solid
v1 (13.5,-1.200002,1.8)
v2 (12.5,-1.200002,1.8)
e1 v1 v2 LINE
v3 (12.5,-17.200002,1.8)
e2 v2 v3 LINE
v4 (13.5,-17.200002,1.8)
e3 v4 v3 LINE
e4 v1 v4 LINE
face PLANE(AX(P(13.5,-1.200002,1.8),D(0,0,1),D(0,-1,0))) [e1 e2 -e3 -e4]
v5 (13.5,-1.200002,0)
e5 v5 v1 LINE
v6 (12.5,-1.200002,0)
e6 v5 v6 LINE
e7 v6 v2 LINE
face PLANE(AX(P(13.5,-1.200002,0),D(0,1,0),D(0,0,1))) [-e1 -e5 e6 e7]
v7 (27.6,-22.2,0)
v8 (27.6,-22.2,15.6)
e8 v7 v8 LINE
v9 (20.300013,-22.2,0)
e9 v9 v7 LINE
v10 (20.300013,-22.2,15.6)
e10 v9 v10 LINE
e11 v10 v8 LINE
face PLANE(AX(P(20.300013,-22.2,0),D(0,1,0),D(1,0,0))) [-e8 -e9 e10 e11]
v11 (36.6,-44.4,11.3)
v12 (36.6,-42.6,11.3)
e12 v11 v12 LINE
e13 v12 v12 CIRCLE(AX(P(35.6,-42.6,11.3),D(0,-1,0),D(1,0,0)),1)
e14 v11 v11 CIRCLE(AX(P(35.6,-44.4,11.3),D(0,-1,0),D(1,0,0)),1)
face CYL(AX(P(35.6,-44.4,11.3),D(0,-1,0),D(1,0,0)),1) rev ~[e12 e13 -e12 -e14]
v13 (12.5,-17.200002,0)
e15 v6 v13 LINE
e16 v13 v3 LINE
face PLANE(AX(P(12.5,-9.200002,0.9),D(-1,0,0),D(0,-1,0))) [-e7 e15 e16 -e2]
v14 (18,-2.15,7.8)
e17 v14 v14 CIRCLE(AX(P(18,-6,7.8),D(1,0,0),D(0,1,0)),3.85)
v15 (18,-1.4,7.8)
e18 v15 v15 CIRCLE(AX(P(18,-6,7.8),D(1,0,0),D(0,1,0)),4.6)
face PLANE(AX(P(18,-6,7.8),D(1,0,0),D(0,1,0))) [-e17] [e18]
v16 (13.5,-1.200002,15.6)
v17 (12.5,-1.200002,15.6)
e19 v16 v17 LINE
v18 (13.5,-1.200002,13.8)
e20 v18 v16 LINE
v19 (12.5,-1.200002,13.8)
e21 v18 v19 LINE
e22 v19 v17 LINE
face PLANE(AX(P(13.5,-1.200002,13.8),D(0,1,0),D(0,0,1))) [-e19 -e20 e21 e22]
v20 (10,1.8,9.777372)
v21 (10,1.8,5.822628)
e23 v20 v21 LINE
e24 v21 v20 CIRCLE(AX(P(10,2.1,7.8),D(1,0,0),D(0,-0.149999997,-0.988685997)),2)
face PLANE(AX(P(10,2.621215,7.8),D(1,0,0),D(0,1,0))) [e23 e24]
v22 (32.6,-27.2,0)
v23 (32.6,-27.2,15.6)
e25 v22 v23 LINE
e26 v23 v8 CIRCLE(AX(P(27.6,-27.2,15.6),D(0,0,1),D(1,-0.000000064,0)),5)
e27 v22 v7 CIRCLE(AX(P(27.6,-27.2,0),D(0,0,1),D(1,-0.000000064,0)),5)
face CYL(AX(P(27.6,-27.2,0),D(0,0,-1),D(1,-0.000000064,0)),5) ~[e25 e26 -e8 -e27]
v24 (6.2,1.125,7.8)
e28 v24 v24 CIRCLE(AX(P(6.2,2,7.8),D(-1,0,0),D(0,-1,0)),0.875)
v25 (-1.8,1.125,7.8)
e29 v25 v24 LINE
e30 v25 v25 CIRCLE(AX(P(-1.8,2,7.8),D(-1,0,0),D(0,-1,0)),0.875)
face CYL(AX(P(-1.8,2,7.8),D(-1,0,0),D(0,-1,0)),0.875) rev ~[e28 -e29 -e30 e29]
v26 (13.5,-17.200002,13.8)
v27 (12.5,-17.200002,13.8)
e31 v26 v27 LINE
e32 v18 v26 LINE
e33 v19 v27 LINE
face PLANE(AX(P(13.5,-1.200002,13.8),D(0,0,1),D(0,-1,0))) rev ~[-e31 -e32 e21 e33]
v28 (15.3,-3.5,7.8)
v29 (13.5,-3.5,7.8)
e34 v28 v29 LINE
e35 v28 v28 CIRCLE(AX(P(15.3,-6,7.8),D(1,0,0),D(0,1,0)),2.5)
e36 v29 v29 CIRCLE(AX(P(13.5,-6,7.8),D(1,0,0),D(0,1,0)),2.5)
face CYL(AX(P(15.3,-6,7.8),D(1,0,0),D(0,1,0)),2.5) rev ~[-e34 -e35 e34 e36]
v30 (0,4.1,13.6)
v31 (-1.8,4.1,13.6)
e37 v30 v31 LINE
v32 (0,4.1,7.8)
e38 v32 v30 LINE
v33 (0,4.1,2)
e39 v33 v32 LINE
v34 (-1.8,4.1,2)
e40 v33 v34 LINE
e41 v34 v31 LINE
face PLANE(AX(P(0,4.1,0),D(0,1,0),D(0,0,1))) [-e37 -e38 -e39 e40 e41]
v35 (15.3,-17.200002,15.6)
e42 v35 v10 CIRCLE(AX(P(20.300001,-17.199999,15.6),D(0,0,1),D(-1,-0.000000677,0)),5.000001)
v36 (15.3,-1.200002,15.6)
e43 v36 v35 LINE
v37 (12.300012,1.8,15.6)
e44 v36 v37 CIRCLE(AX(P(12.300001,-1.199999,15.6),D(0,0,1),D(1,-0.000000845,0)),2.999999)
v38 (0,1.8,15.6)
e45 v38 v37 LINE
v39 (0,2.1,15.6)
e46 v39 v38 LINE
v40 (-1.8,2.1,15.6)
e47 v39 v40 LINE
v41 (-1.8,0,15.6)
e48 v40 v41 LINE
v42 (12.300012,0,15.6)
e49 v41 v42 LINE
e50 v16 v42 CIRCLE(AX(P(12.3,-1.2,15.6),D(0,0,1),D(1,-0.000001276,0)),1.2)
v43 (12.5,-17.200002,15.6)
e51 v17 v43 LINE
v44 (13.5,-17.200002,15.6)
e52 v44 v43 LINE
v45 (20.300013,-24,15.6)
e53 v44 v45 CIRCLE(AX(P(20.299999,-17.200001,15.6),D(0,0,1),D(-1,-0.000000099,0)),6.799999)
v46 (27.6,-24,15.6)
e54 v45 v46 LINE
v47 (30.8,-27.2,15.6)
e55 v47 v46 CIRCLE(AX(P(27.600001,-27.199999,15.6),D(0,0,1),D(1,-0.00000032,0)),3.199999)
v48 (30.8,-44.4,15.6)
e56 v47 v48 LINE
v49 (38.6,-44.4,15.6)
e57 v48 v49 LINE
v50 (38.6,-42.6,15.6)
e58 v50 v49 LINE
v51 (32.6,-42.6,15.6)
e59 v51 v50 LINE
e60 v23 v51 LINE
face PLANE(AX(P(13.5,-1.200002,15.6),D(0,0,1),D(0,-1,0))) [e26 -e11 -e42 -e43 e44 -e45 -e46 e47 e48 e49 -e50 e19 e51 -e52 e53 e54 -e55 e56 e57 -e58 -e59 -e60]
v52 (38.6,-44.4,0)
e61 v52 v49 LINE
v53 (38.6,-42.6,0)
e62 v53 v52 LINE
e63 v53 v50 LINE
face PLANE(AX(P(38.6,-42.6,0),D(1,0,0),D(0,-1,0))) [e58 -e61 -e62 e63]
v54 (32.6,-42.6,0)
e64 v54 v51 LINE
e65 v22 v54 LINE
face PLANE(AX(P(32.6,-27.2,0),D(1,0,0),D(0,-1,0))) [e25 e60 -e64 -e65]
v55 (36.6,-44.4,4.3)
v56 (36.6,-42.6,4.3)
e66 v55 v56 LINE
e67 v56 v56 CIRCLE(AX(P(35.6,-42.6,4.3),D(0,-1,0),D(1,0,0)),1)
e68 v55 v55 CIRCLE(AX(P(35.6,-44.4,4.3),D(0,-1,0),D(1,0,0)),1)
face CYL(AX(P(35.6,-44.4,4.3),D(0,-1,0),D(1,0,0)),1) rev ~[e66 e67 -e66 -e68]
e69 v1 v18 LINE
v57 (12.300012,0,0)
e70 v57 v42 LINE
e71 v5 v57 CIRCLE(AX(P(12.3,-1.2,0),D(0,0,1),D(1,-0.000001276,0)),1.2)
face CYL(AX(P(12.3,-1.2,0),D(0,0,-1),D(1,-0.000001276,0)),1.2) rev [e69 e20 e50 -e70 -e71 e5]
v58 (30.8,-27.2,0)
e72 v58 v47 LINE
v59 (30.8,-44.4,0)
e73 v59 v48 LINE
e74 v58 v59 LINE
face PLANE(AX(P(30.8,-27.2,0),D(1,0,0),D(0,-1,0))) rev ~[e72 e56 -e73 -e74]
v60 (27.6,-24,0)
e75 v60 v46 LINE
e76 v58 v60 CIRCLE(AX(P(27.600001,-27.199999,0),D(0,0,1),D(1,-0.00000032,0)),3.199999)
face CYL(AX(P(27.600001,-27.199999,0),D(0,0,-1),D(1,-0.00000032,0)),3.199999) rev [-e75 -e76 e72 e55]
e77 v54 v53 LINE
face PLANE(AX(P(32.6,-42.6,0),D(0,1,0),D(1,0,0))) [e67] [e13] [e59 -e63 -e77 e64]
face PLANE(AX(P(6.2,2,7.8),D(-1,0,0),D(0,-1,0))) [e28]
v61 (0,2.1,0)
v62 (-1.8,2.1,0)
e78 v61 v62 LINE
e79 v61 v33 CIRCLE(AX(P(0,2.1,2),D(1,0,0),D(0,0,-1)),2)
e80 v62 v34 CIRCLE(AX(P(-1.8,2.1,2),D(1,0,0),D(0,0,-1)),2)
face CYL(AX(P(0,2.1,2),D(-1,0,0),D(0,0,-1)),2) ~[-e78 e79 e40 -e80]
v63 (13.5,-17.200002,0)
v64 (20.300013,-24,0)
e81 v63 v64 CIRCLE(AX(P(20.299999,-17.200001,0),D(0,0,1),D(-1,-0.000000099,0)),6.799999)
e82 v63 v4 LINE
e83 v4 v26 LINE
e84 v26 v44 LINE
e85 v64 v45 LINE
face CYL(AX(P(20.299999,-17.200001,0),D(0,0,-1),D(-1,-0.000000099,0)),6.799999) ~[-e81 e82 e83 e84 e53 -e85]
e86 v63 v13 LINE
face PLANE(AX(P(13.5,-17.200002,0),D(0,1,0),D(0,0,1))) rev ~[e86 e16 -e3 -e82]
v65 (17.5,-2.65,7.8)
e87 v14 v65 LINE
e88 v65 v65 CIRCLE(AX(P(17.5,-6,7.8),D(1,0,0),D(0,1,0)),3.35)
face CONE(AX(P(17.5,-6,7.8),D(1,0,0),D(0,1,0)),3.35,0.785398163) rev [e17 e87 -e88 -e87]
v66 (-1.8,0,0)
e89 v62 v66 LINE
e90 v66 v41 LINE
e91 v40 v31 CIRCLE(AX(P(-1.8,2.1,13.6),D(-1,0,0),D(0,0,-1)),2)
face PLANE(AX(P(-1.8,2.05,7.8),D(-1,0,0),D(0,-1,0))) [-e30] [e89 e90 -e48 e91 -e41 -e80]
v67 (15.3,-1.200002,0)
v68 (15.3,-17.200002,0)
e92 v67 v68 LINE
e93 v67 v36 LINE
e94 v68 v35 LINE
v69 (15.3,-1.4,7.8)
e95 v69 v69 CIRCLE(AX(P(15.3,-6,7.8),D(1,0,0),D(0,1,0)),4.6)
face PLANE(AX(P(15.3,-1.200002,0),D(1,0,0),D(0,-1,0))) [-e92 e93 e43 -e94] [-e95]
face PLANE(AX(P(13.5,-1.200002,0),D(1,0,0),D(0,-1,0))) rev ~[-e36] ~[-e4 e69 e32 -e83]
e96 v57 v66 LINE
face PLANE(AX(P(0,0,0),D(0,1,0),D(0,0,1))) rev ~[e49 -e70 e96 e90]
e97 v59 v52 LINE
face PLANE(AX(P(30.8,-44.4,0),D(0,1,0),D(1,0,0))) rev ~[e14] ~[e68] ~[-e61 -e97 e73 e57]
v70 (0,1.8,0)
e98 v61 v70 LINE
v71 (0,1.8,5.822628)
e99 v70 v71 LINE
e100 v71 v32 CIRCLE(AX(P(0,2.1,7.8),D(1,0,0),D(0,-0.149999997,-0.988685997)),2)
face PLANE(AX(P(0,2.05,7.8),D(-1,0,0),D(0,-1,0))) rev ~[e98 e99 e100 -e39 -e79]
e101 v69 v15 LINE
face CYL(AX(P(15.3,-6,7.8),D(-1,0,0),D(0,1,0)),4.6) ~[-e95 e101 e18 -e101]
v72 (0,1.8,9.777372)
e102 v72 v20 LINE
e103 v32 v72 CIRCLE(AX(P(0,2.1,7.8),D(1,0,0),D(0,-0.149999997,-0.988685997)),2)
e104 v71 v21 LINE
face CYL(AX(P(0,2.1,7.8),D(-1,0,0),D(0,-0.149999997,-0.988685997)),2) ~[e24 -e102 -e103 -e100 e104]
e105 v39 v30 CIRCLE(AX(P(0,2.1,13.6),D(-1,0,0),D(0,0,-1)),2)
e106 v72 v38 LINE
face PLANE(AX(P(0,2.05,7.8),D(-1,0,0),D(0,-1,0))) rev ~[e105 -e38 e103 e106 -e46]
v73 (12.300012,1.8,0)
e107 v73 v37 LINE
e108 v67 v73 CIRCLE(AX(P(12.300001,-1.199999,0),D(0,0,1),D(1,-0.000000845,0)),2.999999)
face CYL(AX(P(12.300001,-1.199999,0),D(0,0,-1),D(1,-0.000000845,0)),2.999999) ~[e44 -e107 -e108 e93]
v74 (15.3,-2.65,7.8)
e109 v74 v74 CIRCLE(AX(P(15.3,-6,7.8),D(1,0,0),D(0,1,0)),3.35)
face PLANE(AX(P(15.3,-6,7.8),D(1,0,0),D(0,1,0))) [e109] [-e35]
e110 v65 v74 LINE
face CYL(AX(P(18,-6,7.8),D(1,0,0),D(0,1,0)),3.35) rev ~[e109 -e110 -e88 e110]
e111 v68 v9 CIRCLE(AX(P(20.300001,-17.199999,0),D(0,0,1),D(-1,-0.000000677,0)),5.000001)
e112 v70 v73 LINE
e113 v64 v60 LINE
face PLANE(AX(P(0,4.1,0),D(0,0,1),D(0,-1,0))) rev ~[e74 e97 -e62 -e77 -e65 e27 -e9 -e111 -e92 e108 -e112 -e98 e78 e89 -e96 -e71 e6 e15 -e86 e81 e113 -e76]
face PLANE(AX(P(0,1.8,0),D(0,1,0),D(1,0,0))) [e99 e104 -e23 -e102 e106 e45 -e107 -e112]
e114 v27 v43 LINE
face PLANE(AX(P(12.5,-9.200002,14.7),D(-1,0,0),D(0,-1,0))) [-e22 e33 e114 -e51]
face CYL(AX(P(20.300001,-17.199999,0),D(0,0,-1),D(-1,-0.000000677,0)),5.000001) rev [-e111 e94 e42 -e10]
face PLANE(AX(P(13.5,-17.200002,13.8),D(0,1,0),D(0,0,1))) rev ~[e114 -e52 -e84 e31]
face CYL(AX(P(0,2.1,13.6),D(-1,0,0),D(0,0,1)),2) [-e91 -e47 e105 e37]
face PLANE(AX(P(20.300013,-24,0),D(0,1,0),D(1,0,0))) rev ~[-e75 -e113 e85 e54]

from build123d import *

# Parameters (mm, degrees)
PAD_DEPTH       = 15.6
SKETCH001_R     = 4.6
PAD001_DEPTH    = 2.7
SKETCH002_R     = 3.35
POCKET_DEPTH    = 2.7
SKETCH003_R     = 2.5
POCKET001_DEPTH = 15.301
SKETCH004_W     = 4.1
SKETCH004_H     = 15.6
PAD002_DEPTH    = 1.8
PAD003_DEPTH    = 10
SKETCH006_R     = 0.875
POCKET002_DEPTH = 8
SKETCH007_R     = 1
POCKET003_DEPTH = 48.501
FILLET_R        = 2
CHAMFER_SIZE    = 0.5
SKETCH008_W     = 16
SKETCH008_H     = 1.8
PAD004_DEPTH    = 1


with BuildPart() as part:
    # Sketch → Pad (new body)
    with BuildSketch(Plane.XY):
        with BuildLine():
            Line((0, 1.8), (0, 0))
            Line((0, 0), (12.300012, 0))
            ThreePointArc((13.5, -1.200002), (13.148533, -0.351477), (12.300012, 0))
            Line((13.5, -1.200002), (13.5, -17.200002))
            ThreePointArc((13.5, -17.200002), (15.491679, -22.008332), (20.300013, -24))
            Line((20.300013, -24), (27.6, -24))
            ThreePointArc((30.8, -27.2), (29.862742, -24.937258), (27.6, -24))
            Line((30.8, -27.2), (30.8, -44.4))
            Line((30.8, -44.4), (38.6, -44.4))
            Line((38.6, -42.6), (38.6, -44.4))
            Line((32.6, -42.6), (38.6, -42.6))
            Line((32.6, -27.2), (32.6, -42.6))
            ThreePointArc((32.6, -27.2), (31.135534, -23.664466), (27.6, -22.2))
            Line((20.300013, -22.2), (27.6, -22.2))
            ThreePointArc((15.3, -17.200002), (16.764472, -20.735539), (20.300013, -22.2))
            Line((15.3, -1.200002), (15.3, -17.200002))
            ThreePointArc((15.3, -1.200002), (14.421326, 0.921315), (12.300012, 1.8))
            Line((0, 1.8), (12.300012, 1.8))
        make_face()
    extrude(amount=PAD_DEPTH)

    # Sketch001 → Pad001 (new body)
    with BuildSketch(Plane.YZ.offset(15.3)):
        with Locations((-6, 7.8)):
            Circle(SKETCH001_R)
    extrude(amount=PAD001_DEPTH)

    # Sketch002 → Pocket (cut)
    with BuildSketch(Plane.YZ.offset(18)):
        with Locations((-6, 7.8)):
            Circle(SKETCH002_R)
    extrude(amount=-POCKET_DEPTH, mode=Mode.SUBTRACT)

    # Sketch003 → Pocket001 (cut, through all)
    with BuildSketch(Plane.YZ.offset(15.3)):
        with Locations((-6, 7.8)):
            Circle(SKETCH003_R)
    extrude(amount=-POCKET001_DEPTH, mode=Mode.SUBTRACT)

    # Sketch004 → Pad002 (new body)
    with BuildSketch(Plane(origin=(0, 0, 0), x_dir=(0, -1, 0), z_dir=(-1, 0, 0))):
        with Locations((-2.05, 7.8)):
            Rectangle(SKETCH004_W, SKETCH004_H)
    extrude(amount=PAD002_DEPTH)

    # Sketch005 → Pad003 (new body)
    with BuildSketch(Plane.YZ):
        with BuildLine():
            ThreePointArc((1.8, 5.822628), (4.1, 7.8), (1.8, 9.777372))
            Line((1.8, 9.777372), (1.8, 5.822628))
        make_face()
    extrude(amount=PAD003_DEPTH)

    # Sketch006 → Pocket002 (cut)
    with BuildSketch(Plane(origin=(-1.8, 0, 0), x_dir=(0, -1, 0), z_dir=(-1, 0, 0))):
        with Locations((-2, 7.8)):
            Circle(SKETCH006_R)
    extrude(amount=-POCKET002_DEPTH, mode=Mode.SUBTRACT)

    # Sketch007 → Pocket003 (cut, through all)
    with BuildSketch(Plane.XZ.offset(44.4)):
        with Locations((35.6, 11.3)):
            Circle(SKETCH007_R)
        with Locations((35.6, 4.3)):
            Circle(SKETCH007_R)
    extrude(amount=-POCKET003_DEPTH, mode=Mode.SUBTRACT)

    # Fillet
    fillet_edges = [part.edges().sort_by_distance(p)[0] for p in [
        (-0.9, 4.1, 0),
        (-0.9, 4.1, 15.6),
    ]]
    fillet(fillet_edges, radius=FILLET_R)

    # Chamfer
    chamfer_edges = [part.edges().sort_by_distance(p)[0] for p in [
        (18, -9.35, 7.8),
    ]]
    chamfer(chamfer_edges, length=CHAMFER_SIZE)

    # Sketch008 → Pad004 (new body)
    with BuildSketch(Plane(origin=(13.5, 0, 0), x_dir=(0, -1, 0), z_dir=(-1, 0, 0))):
        with Locations((9.200002, 14.7)):
            Rectangle(SKETCH008_W, SKETCH008_H)
        with Locations((9.200002, 0.9)):
            Rectangle(SKETCH008_W, SKETCH008_H)
    extrude(amount=PAD004_DEPTH)


solid = part.part
